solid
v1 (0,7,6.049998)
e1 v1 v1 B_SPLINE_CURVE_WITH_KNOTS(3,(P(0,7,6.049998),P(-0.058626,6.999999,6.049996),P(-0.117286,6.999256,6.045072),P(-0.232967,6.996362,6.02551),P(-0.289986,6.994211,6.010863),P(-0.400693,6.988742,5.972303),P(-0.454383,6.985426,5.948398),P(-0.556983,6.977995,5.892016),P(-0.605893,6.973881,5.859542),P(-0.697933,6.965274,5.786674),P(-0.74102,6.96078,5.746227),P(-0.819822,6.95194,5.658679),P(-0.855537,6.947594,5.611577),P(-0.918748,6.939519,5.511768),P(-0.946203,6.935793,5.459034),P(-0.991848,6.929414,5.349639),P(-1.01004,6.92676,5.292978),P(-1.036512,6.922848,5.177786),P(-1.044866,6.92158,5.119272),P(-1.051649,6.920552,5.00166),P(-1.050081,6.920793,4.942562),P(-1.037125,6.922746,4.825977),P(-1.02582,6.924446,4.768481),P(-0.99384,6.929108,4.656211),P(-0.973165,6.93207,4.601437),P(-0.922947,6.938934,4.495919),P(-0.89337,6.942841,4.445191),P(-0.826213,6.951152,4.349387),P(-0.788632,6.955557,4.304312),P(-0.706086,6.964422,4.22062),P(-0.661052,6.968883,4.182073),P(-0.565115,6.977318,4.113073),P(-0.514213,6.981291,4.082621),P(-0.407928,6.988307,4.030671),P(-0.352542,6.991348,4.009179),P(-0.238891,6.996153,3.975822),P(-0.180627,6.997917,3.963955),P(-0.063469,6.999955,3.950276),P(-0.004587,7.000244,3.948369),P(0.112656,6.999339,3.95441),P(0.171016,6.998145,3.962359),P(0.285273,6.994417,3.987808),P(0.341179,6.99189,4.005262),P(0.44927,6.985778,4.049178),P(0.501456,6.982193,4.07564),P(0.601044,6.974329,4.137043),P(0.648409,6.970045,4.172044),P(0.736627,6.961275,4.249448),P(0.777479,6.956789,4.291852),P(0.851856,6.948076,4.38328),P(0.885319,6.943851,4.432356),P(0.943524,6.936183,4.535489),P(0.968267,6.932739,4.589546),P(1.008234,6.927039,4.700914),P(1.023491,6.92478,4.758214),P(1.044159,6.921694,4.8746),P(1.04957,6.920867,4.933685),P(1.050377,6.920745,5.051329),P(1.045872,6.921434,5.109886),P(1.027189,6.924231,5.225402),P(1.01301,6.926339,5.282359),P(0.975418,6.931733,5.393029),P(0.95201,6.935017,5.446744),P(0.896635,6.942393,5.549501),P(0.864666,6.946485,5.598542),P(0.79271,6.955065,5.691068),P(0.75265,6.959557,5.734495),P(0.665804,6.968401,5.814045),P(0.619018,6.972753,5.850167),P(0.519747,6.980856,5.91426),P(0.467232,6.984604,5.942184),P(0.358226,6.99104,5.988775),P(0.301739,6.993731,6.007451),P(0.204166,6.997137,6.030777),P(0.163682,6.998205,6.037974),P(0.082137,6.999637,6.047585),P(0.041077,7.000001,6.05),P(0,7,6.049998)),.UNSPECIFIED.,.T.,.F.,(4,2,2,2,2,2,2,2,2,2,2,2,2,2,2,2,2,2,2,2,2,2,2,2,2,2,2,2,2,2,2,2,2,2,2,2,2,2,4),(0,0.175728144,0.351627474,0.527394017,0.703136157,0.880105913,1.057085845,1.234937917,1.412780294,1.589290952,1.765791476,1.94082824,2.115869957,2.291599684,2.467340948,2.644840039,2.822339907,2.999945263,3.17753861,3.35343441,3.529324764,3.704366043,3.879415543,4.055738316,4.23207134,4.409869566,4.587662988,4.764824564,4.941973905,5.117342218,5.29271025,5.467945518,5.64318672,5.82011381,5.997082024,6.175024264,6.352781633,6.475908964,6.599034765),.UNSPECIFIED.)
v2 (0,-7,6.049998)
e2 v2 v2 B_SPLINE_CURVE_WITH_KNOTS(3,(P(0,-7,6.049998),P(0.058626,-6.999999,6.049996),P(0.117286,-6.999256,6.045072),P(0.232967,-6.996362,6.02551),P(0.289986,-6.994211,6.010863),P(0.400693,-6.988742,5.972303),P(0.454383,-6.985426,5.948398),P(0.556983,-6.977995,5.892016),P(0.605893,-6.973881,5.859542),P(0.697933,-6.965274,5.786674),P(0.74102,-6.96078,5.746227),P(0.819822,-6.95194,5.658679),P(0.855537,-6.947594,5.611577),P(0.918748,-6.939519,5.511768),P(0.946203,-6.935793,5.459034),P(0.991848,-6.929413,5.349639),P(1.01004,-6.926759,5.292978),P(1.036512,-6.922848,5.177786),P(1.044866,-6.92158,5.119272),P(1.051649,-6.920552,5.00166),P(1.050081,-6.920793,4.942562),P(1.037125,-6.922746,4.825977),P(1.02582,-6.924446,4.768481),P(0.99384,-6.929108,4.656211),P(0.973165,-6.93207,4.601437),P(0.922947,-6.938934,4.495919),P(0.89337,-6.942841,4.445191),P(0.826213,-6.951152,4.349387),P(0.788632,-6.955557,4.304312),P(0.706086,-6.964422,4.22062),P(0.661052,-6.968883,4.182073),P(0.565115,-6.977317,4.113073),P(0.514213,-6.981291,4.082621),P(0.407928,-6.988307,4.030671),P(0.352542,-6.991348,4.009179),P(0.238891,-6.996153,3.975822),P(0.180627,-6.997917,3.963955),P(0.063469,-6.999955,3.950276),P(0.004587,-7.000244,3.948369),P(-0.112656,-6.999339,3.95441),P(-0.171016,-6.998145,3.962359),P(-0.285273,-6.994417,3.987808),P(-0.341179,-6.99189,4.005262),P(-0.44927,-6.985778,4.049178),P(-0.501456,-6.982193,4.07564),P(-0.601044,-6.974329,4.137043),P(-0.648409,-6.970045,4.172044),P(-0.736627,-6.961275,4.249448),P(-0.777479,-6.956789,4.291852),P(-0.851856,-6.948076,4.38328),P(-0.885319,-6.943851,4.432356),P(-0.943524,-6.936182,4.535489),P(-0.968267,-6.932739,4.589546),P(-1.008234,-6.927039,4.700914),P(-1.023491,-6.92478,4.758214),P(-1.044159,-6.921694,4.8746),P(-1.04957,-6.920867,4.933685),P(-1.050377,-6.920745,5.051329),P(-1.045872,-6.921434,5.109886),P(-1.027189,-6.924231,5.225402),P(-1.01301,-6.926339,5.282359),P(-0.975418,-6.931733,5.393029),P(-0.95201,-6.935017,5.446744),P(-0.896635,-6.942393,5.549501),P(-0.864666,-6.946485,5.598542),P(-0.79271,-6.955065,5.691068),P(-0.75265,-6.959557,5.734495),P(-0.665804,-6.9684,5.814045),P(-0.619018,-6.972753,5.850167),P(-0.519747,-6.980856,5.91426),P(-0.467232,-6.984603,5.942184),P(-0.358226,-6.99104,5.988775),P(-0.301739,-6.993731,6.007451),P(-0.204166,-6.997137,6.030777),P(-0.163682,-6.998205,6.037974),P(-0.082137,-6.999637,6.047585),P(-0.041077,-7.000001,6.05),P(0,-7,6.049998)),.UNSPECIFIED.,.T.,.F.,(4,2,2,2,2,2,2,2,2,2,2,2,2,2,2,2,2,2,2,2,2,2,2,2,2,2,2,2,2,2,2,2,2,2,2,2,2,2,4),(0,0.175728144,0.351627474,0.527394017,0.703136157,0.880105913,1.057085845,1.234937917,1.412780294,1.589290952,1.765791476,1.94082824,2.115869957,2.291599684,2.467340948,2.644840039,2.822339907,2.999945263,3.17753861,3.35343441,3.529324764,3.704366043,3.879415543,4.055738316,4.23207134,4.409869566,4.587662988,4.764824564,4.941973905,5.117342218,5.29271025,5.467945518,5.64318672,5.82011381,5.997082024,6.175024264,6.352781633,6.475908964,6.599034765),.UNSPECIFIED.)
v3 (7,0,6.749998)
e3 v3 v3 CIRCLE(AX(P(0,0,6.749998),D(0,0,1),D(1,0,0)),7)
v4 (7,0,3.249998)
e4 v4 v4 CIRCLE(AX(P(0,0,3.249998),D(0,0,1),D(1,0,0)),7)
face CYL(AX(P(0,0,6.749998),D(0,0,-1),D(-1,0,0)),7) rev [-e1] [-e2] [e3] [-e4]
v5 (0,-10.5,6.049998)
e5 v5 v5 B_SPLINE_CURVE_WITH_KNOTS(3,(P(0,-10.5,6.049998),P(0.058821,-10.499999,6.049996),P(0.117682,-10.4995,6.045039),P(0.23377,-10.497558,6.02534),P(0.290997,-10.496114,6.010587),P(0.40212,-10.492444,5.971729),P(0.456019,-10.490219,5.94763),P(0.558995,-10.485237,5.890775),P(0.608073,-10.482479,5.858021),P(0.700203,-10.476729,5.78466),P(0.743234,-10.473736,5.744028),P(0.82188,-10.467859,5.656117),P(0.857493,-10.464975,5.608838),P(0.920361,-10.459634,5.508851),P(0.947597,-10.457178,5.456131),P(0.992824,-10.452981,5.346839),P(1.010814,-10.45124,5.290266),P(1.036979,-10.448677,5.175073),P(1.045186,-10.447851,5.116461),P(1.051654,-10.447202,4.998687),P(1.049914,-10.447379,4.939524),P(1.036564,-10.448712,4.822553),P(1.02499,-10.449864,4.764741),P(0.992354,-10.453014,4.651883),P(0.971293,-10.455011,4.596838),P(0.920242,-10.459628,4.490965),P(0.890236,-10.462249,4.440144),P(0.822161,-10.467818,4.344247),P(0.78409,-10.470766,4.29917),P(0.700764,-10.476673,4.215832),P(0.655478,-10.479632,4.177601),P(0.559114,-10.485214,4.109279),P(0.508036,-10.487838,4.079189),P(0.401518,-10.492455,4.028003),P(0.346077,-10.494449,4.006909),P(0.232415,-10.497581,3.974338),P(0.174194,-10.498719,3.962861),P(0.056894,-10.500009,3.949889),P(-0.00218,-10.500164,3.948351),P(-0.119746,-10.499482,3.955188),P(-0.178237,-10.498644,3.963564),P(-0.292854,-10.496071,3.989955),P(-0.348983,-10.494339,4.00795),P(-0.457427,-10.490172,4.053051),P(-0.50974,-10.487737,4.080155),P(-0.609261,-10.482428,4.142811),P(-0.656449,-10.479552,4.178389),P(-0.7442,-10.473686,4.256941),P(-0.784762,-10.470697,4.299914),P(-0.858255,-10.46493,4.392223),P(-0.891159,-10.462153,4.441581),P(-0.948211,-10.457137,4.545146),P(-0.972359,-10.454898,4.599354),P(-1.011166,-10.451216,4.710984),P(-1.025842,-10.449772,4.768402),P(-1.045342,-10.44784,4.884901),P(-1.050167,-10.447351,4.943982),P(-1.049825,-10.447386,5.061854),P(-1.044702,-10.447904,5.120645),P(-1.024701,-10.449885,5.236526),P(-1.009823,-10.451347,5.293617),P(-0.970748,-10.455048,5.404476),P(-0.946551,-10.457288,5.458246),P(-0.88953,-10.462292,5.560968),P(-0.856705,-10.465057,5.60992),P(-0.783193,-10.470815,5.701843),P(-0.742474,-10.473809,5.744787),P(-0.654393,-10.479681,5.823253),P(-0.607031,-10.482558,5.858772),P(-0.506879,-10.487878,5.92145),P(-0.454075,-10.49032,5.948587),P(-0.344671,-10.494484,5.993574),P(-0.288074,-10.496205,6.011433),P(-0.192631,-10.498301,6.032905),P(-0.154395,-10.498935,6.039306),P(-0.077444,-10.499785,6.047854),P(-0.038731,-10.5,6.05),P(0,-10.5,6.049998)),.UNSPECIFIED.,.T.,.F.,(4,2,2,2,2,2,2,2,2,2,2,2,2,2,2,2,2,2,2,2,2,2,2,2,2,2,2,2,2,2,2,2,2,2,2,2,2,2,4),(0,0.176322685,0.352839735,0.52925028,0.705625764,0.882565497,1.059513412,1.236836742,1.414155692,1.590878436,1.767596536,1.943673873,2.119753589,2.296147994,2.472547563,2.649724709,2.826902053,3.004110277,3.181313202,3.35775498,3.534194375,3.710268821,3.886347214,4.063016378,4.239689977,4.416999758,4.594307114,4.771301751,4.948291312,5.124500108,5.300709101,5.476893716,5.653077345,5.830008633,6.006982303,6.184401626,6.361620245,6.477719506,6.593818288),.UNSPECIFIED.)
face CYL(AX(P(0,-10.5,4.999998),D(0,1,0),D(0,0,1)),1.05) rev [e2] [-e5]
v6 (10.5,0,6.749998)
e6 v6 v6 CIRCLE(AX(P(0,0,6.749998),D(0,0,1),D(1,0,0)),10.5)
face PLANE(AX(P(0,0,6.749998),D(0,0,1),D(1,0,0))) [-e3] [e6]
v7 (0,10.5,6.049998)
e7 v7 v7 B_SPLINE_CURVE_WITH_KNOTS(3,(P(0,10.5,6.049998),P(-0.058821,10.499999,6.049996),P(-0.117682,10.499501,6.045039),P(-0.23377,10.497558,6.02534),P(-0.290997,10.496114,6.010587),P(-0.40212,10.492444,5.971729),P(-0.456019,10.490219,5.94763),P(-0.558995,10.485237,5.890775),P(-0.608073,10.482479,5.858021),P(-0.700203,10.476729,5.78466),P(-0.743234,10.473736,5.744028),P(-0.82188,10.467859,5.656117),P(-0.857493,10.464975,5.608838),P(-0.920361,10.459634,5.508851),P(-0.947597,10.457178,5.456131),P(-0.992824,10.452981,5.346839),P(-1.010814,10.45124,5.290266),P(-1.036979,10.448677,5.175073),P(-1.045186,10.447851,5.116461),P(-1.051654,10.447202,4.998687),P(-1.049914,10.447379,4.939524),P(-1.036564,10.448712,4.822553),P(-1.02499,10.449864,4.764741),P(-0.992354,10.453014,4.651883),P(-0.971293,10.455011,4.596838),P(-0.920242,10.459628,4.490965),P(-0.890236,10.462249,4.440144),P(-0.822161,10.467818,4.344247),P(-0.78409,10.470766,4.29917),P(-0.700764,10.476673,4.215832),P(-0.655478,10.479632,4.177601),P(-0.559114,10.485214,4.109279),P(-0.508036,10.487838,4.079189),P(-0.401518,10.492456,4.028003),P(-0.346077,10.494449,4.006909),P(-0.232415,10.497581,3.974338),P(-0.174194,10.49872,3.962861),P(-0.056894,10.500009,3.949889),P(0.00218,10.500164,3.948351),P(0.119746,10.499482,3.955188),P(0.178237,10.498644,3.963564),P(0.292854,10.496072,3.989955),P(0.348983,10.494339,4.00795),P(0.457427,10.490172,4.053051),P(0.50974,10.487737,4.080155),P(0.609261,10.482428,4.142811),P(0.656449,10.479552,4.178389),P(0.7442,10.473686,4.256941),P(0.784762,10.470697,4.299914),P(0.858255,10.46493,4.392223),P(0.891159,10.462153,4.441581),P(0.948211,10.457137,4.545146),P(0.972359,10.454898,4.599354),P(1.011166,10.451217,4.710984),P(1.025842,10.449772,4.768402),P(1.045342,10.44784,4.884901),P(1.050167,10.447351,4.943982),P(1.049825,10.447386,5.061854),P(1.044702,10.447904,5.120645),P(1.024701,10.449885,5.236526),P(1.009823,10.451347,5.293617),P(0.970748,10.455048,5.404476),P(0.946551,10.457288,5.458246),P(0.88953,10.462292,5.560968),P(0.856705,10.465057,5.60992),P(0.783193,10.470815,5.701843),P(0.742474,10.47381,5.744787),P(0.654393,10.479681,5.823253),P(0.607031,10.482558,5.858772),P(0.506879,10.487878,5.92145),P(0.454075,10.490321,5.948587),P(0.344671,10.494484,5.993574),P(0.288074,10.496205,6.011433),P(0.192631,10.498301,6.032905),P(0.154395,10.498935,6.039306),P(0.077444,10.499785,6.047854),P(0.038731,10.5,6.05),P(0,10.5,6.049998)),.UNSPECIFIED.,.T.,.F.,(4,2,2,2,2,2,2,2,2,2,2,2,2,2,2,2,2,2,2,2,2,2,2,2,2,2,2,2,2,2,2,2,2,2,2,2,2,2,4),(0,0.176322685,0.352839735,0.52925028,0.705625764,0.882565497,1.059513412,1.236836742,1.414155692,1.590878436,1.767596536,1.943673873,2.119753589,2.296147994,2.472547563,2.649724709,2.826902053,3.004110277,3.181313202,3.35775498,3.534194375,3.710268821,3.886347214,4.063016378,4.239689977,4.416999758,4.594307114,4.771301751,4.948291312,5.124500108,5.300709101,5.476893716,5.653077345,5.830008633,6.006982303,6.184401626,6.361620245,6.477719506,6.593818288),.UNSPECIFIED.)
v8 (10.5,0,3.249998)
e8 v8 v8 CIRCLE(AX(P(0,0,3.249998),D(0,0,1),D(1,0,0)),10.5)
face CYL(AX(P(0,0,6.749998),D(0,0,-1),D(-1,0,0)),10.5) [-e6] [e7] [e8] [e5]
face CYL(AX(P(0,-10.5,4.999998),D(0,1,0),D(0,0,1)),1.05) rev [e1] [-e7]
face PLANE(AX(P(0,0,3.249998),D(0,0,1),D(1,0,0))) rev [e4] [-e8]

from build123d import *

# Parameters (mm, degrees)
SKETCH1_R               = 30
SKETCH1_R_2             = 20
BOSS_EXTRUDE1_DEPTH     = 10
CUT_EXTRUDE1_DEPTH      = 44.588989435
CUT_EXTRUDE1_DEPTH_BACK = 44.588989435
SKETCH2_R               = 3
SCALE1_SCALE            = 0.35


with BuildPart() as part:
    # Sketch1 → Boss-Extrude1 (new body)
    with BuildSketch(Plane.XY):
        Circle(SKETCH1_R)
        Circle(SKETCH1_R_2, mode=Mode.SUBTRACT)
    extrude(amount=BOSS_EXTRUDE1_DEPTH)

    # Sketch2 → Cut-Extrude1 (cut, two sides: drawn at the far end of the back side and taken through both)
    with BuildSketch(Plane(origin=(0, 0, 0), x_dir=(1, 0, 0), z_dir=(0, 1, 0)).offset(-CUT_EXTRUDE1_DEPTH_BACK)):
        with Locations(Location((0, -5, 0), (0, 0, 270))):
            Circle(SKETCH2_R)
    extrude(amount=CUT_EXTRUDE1_DEPTH + CUT_EXTRUDE1_DEPTH_BACK, mode=Mode.SUBTRACT)


with BuildPart() as part_1:
    # Scale1: scaled about (-0.001116422, 0, 4.999941886)
    add(part.part.scale(SCALE1_SCALE).moved(Location((-0.000725674, 0, 3.249962226))))


solid = part_1.part
